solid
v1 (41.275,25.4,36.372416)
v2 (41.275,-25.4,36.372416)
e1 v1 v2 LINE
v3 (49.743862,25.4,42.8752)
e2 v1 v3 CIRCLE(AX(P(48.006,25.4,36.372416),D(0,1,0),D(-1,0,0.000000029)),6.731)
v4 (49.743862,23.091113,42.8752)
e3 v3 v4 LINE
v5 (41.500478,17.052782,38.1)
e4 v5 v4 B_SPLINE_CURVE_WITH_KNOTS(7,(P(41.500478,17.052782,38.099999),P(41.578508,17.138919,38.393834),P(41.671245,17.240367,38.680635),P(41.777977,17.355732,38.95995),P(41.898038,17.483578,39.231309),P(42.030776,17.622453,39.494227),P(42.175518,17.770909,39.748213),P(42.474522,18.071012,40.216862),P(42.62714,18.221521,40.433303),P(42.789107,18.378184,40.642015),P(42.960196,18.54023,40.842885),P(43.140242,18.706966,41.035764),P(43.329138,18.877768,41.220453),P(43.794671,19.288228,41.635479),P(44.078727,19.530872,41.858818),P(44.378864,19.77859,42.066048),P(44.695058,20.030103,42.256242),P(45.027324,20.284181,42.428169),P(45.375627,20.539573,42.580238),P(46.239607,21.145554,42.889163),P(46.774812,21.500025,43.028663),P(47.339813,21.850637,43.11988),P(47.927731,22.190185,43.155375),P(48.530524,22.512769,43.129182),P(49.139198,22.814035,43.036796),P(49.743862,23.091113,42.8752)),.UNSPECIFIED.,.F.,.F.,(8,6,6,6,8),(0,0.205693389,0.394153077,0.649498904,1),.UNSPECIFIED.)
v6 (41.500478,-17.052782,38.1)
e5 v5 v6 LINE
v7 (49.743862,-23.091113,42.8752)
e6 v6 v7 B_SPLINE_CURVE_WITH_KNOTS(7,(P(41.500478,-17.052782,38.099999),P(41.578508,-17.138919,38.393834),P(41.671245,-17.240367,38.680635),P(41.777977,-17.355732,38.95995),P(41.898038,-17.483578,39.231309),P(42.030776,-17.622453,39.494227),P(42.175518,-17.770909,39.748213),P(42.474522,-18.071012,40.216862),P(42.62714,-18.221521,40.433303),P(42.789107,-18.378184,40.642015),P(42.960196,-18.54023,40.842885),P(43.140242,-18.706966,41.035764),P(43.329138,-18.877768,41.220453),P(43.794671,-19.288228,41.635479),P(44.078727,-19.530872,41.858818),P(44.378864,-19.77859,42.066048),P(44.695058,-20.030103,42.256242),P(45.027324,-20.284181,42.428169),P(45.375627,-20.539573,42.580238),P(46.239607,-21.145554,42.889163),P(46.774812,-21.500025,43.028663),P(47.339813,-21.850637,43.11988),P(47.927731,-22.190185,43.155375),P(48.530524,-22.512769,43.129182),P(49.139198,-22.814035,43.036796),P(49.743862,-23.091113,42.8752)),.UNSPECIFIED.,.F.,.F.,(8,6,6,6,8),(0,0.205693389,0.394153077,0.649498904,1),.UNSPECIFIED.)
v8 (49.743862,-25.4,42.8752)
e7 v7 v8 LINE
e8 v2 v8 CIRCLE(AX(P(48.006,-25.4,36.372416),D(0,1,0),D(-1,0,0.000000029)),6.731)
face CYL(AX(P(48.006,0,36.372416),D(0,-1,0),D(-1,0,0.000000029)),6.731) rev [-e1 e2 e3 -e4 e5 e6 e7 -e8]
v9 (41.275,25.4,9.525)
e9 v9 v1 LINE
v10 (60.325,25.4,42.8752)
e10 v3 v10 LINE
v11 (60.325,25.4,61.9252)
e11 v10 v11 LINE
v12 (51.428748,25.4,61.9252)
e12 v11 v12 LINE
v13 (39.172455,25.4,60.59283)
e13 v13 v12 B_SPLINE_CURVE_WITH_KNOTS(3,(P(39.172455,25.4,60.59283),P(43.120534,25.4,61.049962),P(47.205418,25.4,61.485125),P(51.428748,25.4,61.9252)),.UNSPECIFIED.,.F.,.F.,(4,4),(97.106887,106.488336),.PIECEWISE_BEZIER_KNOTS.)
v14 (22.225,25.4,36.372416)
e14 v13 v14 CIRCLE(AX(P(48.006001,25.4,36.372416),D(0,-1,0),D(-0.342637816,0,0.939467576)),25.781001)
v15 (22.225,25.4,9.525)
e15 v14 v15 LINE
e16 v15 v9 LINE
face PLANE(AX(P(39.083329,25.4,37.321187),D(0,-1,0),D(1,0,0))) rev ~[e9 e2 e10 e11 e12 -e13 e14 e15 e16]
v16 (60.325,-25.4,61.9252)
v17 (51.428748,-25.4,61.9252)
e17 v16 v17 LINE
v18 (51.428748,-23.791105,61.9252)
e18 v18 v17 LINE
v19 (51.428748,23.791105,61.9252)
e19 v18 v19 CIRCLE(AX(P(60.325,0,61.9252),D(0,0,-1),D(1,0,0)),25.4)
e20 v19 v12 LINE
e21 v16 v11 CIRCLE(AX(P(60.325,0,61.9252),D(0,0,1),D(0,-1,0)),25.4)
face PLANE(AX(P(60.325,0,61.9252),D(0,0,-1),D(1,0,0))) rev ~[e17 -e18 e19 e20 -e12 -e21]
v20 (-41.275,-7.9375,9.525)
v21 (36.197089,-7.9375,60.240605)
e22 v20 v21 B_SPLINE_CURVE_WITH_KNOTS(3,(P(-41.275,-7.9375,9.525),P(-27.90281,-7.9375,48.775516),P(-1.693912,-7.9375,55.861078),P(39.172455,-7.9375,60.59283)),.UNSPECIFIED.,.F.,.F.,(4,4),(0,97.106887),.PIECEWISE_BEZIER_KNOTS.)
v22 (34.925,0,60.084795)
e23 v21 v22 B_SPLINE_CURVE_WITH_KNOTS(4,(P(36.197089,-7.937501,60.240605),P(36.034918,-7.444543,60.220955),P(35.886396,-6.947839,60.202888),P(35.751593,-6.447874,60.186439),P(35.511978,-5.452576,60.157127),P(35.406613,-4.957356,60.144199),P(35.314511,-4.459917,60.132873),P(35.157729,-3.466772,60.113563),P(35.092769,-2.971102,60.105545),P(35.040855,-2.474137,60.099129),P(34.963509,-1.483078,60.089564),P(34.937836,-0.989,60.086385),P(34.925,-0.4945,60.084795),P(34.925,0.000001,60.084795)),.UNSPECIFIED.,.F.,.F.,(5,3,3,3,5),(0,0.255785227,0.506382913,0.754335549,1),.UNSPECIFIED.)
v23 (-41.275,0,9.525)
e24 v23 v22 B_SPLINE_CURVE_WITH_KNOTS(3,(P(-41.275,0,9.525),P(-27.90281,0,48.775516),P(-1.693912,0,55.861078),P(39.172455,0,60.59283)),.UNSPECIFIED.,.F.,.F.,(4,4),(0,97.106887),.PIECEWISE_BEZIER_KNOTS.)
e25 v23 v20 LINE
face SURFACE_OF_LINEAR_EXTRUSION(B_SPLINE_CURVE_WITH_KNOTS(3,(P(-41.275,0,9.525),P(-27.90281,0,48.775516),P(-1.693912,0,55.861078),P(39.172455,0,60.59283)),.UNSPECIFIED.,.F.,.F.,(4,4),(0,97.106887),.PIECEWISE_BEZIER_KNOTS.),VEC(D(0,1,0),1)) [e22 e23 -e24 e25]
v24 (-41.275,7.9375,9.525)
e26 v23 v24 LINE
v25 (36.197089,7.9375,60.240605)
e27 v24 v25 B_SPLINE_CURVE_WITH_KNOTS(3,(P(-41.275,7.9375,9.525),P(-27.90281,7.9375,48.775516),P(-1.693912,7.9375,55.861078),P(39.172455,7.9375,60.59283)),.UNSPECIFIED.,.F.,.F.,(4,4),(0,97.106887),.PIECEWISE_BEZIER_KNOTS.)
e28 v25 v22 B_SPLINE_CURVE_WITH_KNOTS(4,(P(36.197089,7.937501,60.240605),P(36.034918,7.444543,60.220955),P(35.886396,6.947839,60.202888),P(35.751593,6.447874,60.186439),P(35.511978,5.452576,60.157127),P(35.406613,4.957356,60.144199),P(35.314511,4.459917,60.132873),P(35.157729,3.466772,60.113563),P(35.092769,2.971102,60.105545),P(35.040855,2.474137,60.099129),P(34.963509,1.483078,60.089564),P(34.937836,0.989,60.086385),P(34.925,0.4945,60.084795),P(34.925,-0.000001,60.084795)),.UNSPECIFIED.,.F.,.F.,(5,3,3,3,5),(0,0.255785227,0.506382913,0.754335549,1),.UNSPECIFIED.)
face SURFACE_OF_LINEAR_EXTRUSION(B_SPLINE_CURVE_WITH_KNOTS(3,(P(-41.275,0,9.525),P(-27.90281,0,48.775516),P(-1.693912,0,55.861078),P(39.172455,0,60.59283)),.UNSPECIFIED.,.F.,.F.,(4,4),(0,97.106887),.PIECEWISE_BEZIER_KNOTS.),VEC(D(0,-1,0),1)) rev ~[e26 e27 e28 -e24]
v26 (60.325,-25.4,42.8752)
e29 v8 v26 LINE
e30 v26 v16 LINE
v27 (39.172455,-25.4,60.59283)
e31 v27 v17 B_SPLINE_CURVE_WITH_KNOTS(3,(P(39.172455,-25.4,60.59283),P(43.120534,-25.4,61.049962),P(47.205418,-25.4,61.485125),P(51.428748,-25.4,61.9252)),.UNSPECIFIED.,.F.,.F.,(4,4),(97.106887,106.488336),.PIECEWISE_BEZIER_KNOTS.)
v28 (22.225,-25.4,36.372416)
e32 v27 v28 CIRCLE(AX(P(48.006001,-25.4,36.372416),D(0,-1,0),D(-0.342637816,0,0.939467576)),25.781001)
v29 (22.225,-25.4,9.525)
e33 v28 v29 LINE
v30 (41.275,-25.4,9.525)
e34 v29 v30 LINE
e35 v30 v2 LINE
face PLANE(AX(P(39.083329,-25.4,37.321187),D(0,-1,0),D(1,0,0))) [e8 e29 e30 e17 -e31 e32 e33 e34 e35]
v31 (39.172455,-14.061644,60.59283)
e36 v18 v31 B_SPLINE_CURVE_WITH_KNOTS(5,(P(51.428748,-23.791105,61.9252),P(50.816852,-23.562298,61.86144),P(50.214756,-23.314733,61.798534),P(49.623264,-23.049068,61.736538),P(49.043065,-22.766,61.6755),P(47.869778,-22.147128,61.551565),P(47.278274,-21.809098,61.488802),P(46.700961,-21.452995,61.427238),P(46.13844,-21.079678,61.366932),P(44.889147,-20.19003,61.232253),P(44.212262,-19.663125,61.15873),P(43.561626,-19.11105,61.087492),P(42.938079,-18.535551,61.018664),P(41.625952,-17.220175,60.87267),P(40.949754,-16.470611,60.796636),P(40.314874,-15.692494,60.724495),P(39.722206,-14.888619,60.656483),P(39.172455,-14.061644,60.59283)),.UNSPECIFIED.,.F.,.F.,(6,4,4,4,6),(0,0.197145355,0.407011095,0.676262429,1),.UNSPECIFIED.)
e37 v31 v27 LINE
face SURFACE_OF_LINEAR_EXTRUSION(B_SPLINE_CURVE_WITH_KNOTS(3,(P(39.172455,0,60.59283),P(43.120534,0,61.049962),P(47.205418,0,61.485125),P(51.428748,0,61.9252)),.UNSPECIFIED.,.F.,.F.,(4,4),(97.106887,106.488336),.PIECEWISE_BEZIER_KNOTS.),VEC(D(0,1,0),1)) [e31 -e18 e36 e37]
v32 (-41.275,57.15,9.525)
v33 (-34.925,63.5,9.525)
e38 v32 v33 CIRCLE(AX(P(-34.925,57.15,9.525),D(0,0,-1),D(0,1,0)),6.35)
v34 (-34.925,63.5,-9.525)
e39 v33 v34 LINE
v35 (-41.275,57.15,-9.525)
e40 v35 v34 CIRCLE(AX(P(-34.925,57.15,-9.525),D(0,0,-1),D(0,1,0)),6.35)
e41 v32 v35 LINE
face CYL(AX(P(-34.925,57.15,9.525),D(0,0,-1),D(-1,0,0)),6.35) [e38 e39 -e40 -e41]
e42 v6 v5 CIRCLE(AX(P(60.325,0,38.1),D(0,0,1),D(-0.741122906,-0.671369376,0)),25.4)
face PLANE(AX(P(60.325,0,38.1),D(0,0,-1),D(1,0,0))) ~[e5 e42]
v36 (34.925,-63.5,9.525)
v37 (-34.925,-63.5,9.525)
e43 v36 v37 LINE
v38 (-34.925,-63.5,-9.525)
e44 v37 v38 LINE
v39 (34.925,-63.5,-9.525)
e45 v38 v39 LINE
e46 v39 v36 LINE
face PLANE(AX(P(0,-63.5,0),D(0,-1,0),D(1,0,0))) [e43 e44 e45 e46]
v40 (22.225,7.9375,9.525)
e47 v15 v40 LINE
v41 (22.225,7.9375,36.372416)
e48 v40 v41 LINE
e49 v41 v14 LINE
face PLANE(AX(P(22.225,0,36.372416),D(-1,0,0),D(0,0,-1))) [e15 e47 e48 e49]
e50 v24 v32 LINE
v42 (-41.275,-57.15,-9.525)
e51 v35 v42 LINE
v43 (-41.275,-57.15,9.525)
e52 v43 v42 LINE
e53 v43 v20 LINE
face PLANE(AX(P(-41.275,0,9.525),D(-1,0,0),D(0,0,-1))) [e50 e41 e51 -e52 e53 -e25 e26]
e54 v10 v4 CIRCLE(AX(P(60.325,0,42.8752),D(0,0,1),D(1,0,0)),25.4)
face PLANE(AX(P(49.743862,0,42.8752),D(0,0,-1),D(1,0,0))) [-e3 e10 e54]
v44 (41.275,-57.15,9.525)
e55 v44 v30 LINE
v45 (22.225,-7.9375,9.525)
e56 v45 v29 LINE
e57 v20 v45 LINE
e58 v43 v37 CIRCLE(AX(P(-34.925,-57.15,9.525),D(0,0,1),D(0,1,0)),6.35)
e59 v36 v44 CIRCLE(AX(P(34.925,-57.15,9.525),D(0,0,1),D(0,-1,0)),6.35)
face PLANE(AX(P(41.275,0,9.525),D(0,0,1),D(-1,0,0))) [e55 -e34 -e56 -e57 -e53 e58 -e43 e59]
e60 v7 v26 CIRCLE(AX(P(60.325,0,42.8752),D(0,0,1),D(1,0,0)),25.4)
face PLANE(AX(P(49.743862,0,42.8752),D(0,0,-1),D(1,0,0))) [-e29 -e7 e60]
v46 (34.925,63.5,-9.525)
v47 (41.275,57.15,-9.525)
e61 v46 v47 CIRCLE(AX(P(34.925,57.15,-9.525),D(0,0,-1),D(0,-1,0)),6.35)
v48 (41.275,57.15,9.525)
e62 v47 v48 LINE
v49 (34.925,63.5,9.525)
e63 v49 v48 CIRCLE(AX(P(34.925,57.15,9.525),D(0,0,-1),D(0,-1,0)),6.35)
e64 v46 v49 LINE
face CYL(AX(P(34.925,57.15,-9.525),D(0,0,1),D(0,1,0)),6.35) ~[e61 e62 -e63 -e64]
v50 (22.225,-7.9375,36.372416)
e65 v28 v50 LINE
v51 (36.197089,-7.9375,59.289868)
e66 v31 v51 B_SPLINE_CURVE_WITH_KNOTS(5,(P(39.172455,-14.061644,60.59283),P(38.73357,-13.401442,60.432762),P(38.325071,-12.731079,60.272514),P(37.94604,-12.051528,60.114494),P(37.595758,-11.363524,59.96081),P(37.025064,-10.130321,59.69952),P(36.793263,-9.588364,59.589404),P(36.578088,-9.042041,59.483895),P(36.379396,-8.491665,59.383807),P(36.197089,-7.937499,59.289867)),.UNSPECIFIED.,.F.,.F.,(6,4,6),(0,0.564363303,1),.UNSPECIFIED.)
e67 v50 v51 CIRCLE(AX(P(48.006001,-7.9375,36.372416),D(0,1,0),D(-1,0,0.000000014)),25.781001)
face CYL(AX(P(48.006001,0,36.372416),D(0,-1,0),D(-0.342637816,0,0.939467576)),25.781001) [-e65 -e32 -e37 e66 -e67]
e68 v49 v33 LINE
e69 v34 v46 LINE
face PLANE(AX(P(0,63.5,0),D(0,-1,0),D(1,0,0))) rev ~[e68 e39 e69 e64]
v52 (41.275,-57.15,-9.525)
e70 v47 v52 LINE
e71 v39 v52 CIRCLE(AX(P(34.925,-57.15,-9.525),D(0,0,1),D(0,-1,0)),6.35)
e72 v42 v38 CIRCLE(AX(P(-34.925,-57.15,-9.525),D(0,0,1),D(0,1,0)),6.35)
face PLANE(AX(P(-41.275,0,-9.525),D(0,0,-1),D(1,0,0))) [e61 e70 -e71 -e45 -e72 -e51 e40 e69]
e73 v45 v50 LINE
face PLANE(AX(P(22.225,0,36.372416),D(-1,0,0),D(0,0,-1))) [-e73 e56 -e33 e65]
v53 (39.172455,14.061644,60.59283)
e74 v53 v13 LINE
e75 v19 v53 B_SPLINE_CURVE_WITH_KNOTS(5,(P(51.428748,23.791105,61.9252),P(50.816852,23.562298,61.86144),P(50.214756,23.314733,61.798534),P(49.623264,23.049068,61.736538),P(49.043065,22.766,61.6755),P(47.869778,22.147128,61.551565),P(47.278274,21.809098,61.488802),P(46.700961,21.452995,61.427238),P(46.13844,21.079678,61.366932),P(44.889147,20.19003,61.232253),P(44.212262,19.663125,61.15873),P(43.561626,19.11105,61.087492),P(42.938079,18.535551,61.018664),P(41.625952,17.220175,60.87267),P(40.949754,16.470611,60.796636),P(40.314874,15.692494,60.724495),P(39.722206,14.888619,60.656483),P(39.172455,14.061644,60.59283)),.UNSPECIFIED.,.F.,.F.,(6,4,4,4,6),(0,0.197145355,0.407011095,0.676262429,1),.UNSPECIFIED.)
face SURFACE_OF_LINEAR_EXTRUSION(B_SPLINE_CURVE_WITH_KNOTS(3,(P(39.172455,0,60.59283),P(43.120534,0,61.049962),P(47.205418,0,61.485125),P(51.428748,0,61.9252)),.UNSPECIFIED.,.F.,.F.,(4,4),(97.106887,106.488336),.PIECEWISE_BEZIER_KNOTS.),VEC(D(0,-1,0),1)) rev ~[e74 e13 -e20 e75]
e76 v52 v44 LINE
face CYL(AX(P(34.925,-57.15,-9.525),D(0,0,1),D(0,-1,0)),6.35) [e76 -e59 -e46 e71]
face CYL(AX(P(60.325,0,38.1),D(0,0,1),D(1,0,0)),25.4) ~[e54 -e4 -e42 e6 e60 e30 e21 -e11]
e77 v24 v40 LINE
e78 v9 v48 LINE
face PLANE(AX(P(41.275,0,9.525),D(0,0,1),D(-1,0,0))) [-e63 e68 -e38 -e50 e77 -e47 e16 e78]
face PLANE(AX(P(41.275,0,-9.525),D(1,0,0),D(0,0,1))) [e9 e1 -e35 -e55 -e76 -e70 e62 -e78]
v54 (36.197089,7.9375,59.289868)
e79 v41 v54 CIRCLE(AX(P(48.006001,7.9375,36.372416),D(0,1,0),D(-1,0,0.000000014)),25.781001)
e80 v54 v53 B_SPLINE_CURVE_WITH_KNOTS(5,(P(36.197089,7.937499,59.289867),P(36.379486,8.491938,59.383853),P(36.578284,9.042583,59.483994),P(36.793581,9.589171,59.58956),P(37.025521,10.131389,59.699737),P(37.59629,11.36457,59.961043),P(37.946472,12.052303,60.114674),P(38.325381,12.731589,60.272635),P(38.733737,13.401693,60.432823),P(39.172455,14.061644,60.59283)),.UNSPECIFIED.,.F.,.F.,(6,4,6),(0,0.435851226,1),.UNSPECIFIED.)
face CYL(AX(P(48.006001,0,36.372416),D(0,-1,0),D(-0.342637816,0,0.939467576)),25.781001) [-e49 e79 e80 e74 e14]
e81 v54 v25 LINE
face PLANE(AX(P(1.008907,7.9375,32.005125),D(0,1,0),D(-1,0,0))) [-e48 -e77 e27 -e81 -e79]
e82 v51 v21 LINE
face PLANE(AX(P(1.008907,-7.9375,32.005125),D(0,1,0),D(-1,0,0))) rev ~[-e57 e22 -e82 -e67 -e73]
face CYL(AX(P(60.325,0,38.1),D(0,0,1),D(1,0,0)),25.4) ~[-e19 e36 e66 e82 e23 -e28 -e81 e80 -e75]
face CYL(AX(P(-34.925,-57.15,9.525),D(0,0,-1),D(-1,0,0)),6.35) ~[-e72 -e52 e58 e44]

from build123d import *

# Parameters (mm, degrees)
F1_DEPTH = 63.5
F2_DEPTH = 25.4
F3_DEPTH = 7.9375
F5_R     = 6.35


with BuildPart() as f1:
    # F0 (on Front) → F1 (new body, symmetric)
    with BuildSketch(Plane.XZ):
        Polygon((22.225, 9.525), (-41.275, 9.525), (-41.275, -9.525), (41.275, -9.525), (41.275, 9.525), align=None)
    extrude(amount=F1_DEPTH, both=True)

    # F0 (on Front) → F2 (join, symmetric)
    with BuildSketch(Plane.XZ):
        with BuildLine():
            Line((22.225, 36.372416), (22.225, 9.525))
            Line((22.225, 9.525), (41.275, 9.525))
            Line((41.275, 9.525), (41.275, 36.372416))
            ThreePointArc((41.275, 36.372416), (43.906682, 41.711138), (49.743862, 42.8752))
            Line((49.743862, 42.8752), (60.325, 42.8752))
            Line((60.325, 42.8752), (60.325, 61.9252))
            Line((60.325, 61.9252), (51.428748, 61.9252))
            add(Edge.make_bspline(
                [(39.172455, 60.59283), (43.120534, 61.049962), (47.205418, 61.485125), (51.428748, 61.9252)],
                knots=[97.106887, 97.106887, 97.106887, 97.106887, 106.488336, 106.488336, 106.488336, 106.488336], degree=3))
            ThreePointArc((39.172455, 60.59283), (26.882582, 51.152848), (22.225, 36.372416))
        make_face()
    extrude(amount=F2_DEPTH, both=True)

    # F0 (on Front) → F3 (join, symmetric)
    with BuildSketch(Plane.XZ):
        with BuildLine():
            add(Edge.make_bspline(
                [(-41.275, 9.525), (-27.90281, 48.775516), (-1.693912, 55.861078), (39.172455, 60.59283)],
                knots=[0, 0, 0, 0, 97.106887, 97.106887, 97.106887, 97.106887], degree=3))
            Line((-41.275, 9.525), (22.225, 9.525))
            Line((22.225, 9.525), (22.225, 36.372416))
            ThreePointArc((22.225, 36.372416), (26.882582, 51.152848), (39.172455, 60.59283))
        make_face()
    extrude(amount=F3_DEPTH, both=True)

    # F0 (on Front) → F4 (revolve)
    with BuildSketch(Plane.XZ):
        Polygon((85.725, 61.9252), (60.325, 61.9252), (60.325, 42.8752), (60.325, 38.1), (85.725, 38.1), align=None)
    revolve(axis=Axis((60.325, 0, 52.3875), (0, 0, -1)))

    # F5
    f5_edges = [f1.edges().sort_by_distance(p)[0] for p in [
        (41.275, -63.5, 0),
        (-41.275, -63.5, 0),
        (-41.275, 63.5, 0),
        (41.275, 63.5, 0),
    ]]
    fillet(f5_edges, radius=F5_R)


solid = f1.part
